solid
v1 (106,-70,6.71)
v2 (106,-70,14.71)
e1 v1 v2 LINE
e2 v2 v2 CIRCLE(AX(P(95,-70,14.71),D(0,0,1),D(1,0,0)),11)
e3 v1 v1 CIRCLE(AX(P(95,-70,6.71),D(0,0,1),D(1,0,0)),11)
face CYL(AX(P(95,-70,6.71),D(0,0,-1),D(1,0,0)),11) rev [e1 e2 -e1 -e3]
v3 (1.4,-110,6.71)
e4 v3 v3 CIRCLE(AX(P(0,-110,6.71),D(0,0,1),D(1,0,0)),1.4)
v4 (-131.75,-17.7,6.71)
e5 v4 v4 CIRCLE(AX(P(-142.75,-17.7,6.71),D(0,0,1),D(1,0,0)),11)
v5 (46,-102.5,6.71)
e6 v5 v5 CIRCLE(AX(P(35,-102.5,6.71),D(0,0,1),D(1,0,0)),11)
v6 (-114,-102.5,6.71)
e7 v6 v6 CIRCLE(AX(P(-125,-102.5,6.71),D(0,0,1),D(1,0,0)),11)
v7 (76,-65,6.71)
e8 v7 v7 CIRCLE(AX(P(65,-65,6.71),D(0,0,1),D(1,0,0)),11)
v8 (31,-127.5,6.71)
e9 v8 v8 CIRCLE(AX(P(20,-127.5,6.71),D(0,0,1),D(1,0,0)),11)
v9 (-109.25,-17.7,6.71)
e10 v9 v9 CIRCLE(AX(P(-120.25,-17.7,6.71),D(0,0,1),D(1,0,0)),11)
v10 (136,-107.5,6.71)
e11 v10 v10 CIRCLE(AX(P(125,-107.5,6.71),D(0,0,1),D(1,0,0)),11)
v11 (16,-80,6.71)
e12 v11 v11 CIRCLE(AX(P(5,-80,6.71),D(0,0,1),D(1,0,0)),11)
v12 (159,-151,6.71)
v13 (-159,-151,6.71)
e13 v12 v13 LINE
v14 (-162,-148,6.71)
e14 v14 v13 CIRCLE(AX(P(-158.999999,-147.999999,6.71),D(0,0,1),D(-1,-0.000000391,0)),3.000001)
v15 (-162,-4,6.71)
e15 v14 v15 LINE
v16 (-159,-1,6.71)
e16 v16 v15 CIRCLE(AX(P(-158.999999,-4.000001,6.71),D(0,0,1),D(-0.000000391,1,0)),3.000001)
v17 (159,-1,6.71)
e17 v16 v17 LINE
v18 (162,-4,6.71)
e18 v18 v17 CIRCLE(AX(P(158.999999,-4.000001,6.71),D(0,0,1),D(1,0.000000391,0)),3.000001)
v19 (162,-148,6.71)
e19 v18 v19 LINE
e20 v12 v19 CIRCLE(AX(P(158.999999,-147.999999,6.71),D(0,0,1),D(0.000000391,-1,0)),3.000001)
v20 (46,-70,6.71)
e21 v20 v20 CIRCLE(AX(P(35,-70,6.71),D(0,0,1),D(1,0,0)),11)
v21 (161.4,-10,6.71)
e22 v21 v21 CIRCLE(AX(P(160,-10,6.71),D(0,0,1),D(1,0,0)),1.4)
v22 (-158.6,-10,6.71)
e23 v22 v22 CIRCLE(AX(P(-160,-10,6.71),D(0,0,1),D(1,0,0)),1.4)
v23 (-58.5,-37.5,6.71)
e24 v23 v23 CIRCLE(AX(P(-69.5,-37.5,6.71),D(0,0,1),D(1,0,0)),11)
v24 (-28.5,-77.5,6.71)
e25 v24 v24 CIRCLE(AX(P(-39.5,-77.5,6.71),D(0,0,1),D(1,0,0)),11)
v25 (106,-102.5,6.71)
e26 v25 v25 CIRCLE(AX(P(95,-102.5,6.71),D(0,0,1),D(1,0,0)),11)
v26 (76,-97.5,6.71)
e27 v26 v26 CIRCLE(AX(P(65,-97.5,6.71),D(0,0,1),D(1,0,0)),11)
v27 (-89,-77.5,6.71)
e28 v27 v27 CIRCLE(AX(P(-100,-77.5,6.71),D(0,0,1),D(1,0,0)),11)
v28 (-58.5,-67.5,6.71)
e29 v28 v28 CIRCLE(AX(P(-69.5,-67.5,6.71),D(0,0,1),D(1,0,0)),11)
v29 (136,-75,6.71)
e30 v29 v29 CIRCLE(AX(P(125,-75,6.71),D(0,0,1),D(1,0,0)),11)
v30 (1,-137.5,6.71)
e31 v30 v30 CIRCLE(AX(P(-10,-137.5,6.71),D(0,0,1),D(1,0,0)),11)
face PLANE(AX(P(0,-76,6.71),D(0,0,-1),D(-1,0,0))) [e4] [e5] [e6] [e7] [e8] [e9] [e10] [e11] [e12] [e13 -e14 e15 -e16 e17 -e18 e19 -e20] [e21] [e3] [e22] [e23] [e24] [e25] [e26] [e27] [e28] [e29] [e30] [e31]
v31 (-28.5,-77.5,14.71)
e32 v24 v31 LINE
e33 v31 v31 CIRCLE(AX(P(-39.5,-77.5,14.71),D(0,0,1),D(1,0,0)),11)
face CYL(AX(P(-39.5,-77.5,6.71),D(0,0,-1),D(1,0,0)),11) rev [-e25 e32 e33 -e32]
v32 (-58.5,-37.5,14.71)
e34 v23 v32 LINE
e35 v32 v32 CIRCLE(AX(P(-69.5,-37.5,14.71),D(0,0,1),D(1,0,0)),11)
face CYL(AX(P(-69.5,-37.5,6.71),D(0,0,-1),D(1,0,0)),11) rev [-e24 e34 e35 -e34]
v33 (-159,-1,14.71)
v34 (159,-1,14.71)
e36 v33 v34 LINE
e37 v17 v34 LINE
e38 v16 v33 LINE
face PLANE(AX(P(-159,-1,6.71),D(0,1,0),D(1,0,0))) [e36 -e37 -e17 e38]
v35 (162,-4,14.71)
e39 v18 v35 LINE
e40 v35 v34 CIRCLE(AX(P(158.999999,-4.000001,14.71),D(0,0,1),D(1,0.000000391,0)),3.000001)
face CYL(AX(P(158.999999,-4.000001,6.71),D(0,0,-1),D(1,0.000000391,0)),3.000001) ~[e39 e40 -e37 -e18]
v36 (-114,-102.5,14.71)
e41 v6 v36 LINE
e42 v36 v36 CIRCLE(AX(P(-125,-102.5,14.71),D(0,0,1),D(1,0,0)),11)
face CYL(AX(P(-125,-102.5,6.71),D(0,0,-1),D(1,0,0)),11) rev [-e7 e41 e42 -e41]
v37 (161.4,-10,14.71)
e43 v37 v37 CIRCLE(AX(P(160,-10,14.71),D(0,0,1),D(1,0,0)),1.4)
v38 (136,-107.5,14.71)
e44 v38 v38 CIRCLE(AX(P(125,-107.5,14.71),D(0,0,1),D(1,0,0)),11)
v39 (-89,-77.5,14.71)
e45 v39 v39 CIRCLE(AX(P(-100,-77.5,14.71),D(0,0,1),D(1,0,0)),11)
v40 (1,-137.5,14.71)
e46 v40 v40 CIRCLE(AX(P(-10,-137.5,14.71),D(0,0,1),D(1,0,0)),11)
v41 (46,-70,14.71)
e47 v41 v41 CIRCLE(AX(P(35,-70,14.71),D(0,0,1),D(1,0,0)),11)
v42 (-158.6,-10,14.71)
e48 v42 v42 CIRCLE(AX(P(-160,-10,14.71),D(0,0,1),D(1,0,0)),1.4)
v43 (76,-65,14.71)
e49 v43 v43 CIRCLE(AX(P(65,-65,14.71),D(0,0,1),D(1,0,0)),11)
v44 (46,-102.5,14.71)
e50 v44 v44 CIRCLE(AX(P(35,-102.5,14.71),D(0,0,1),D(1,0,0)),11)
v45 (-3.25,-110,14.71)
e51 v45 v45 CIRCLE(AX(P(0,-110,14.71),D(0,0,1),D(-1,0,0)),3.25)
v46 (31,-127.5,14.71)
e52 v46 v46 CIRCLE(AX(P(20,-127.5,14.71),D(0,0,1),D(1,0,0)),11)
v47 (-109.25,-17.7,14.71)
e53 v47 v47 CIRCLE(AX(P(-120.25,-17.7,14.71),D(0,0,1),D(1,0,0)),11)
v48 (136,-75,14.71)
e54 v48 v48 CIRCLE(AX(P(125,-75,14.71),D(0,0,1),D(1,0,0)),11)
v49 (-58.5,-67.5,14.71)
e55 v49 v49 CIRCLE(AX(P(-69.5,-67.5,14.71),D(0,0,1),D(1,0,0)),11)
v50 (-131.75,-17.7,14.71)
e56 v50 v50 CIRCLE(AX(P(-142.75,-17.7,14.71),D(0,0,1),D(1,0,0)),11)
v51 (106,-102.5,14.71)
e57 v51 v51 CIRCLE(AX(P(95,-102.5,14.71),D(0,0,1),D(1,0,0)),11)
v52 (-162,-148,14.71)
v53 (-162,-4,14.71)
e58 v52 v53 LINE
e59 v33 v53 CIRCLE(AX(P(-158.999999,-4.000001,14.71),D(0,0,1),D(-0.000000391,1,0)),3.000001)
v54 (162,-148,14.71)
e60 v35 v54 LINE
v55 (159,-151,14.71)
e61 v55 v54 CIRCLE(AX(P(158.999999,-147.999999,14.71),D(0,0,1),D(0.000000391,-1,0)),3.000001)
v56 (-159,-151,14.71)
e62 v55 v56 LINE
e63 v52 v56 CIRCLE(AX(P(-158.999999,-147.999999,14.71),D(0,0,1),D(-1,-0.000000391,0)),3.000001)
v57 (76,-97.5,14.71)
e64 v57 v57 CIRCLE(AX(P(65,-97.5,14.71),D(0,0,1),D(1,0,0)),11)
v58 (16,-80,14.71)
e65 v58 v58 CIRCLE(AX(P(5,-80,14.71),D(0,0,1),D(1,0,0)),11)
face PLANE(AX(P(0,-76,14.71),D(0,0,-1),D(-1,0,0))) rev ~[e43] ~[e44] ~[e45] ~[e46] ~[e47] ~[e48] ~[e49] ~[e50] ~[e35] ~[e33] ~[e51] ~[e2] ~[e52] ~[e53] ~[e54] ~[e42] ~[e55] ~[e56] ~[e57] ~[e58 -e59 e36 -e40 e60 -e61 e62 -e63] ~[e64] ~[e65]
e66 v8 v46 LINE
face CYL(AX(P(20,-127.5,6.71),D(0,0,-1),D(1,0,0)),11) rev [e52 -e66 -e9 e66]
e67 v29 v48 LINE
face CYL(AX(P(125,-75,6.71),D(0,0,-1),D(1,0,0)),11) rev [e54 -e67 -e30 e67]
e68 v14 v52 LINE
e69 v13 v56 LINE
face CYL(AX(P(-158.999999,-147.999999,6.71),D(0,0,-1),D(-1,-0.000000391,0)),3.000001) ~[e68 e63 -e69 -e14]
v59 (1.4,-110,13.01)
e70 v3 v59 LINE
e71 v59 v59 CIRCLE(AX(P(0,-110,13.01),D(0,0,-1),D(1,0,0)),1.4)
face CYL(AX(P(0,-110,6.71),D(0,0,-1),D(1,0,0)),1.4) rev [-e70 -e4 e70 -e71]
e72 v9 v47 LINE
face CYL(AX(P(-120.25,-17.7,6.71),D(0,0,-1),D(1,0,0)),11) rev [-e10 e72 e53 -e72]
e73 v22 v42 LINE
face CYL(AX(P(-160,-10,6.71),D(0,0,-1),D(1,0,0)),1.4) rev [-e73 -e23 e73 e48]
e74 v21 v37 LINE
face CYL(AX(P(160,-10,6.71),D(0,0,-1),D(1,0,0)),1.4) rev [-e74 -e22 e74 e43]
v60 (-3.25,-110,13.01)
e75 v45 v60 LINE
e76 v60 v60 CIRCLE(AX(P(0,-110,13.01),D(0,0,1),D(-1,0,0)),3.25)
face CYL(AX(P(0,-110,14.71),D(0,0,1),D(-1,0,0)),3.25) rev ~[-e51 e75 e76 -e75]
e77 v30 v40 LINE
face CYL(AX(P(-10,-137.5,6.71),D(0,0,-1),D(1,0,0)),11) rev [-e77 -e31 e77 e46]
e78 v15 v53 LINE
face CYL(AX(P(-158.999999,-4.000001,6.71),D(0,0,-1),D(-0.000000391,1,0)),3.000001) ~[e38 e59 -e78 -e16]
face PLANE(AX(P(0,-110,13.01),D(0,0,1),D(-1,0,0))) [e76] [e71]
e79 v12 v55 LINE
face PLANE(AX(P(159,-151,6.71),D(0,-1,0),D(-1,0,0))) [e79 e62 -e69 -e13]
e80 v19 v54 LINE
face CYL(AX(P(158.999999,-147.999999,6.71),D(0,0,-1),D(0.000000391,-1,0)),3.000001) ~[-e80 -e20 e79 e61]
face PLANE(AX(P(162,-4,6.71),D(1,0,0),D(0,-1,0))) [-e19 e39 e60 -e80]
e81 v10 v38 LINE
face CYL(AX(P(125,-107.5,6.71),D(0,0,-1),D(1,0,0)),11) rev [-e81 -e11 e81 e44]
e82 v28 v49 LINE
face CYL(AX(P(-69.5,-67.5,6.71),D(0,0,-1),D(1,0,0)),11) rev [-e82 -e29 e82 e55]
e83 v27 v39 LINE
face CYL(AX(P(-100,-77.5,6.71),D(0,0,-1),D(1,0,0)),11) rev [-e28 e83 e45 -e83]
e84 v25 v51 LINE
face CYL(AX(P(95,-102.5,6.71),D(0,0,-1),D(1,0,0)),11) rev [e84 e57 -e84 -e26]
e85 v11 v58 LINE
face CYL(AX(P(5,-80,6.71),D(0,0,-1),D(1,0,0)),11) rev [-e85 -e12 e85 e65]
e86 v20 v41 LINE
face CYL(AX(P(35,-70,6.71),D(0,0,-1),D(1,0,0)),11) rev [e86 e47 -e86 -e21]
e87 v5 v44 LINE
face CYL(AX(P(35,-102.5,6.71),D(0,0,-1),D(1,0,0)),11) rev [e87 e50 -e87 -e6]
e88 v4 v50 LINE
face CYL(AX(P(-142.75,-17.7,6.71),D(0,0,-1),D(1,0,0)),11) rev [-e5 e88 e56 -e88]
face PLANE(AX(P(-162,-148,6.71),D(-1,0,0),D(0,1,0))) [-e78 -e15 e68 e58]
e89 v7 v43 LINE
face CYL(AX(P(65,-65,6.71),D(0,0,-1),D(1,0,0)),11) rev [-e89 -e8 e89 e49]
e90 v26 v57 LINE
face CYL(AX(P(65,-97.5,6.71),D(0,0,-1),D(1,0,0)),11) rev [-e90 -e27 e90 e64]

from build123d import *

# Parameters (mm, degrees)
PAD002_DEPTH  = 8
SKETCH008_R   = 11
HOLE001_DEPTH = 8
SKETCH009_R   = 1.4
HOLE002_DEPTH = 8
SKETCH010_R   = 3.25
HOLE003_DEPTH = 1.7


with BuildPart() as part:
    # Sketch007 → Pad002 (new body)
    with BuildSketch(Plane.XY):
        with BuildLine():
            Line((-159, -1), (159, -1))
            ThreePointArc((162, -4), (161.12132, -1.87868), (159, -1))
            Line((162, -4), (162, -148))
            ThreePointArc((159, -151), (161.12132, -150.12132), (162, -148))
            Line((159, -151), (-159, -151))
            ThreePointArc((-162, -148), (-161.12132, -150.12132), (-159, -151))
            Line((-162, -148), (-162, -4))
            ThreePointArc((-159, -1), (-161.12132, -1.87868), (-162, -4))
        make_face()
    extrude(amount=PAD002_DEPTH)

    # Sketch008 → Hole001 (cut)
    with BuildSketch(Plane.XY):
        with Locations((-142.75, -17.7)):
            Circle(SKETCH008_R)
        with Locations((-120.25, -17.7)):
            Circle(SKETCH008_R)
        with Locations((-69.5, -37.5)):
            Circle(SKETCH008_R)
        with Locations((-69.5, -67.5)):
            Circle(SKETCH008_R)
        with Locations((-100, -77.5)):
            Circle(SKETCH008_R)
        with Locations((-125, -102.5)):
            Circle(SKETCH008_R)
        with Locations((-39.5, -77.5)):
            Circle(SKETCH008_R)
        with Locations((5, -80)):
            Circle(SKETCH008_R)
        with Locations((35, -70)):
            Circle(SKETCH008_R)
        with Locations((65, -65)):
            Circle(SKETCH008_R)
        with Locations((95, -70)):
            Circle(SKETCH008_R)
        with Locations((125, -75)):
            Circle(SKETCH008_R)
        with Locations((-10, -137.5)):
            Circle(SKETCH008_R)
        with Locations((20, -127.5)):
            Circle(SKETCH008_R)
        with Locations((35, -102.5)):
            Circle(SKETCH008_R)
        with Locations((65, -97.5)):
            Circle(SKETCH008_R)
        with Locations((95, -102.5)):
            Circle(SKETCH008_R)
        with Locations((125, -107.5)):
            Circle(SKETCH008_R)
    extrude(amount=HOLE001_DEPTH, mode=Mode.SUBTRACT)

    # Sketch009 → Hole002 (cut)
    with BuildSketch(Plane.XY):
        with Locations((0, -210)):
            Circle(SKETCH009_R)
        with Locations((160, -210)):
            Circle(SKETCH009_R)
        with Locations((160, -10)):
            Circle(SKETCH009_R)
        with Locations((-160, -210)):
            Circle(SKETCH009_R)
        with Locations((-160, -10)):
            Circle(SKETCH009_R)
        with Locations((0, -110)):
            Circle(SKETCH009_R)
    extrude(amount=HOLE002_DEPTH, mode=Mode.SUBTRACT)

    # Sketch010 → Hole003 (cut)
    with BuildSketch(Plane(origin=(0, 0, 8), x_dir=(-1, 0, 0), z_dir=(0, 0, 1))):
        with Locations((0, 110)):
            Circle(SKETCH010_R)
    extrude(amount=-HOLE003_DEPTH, mode=Mode.SUBTRACT)


with BuildPart() as part_1:
    # Body001 placement: moved
    add(part.part.moved(Location((0, 0, 6.71))))


solid = part_1.part
